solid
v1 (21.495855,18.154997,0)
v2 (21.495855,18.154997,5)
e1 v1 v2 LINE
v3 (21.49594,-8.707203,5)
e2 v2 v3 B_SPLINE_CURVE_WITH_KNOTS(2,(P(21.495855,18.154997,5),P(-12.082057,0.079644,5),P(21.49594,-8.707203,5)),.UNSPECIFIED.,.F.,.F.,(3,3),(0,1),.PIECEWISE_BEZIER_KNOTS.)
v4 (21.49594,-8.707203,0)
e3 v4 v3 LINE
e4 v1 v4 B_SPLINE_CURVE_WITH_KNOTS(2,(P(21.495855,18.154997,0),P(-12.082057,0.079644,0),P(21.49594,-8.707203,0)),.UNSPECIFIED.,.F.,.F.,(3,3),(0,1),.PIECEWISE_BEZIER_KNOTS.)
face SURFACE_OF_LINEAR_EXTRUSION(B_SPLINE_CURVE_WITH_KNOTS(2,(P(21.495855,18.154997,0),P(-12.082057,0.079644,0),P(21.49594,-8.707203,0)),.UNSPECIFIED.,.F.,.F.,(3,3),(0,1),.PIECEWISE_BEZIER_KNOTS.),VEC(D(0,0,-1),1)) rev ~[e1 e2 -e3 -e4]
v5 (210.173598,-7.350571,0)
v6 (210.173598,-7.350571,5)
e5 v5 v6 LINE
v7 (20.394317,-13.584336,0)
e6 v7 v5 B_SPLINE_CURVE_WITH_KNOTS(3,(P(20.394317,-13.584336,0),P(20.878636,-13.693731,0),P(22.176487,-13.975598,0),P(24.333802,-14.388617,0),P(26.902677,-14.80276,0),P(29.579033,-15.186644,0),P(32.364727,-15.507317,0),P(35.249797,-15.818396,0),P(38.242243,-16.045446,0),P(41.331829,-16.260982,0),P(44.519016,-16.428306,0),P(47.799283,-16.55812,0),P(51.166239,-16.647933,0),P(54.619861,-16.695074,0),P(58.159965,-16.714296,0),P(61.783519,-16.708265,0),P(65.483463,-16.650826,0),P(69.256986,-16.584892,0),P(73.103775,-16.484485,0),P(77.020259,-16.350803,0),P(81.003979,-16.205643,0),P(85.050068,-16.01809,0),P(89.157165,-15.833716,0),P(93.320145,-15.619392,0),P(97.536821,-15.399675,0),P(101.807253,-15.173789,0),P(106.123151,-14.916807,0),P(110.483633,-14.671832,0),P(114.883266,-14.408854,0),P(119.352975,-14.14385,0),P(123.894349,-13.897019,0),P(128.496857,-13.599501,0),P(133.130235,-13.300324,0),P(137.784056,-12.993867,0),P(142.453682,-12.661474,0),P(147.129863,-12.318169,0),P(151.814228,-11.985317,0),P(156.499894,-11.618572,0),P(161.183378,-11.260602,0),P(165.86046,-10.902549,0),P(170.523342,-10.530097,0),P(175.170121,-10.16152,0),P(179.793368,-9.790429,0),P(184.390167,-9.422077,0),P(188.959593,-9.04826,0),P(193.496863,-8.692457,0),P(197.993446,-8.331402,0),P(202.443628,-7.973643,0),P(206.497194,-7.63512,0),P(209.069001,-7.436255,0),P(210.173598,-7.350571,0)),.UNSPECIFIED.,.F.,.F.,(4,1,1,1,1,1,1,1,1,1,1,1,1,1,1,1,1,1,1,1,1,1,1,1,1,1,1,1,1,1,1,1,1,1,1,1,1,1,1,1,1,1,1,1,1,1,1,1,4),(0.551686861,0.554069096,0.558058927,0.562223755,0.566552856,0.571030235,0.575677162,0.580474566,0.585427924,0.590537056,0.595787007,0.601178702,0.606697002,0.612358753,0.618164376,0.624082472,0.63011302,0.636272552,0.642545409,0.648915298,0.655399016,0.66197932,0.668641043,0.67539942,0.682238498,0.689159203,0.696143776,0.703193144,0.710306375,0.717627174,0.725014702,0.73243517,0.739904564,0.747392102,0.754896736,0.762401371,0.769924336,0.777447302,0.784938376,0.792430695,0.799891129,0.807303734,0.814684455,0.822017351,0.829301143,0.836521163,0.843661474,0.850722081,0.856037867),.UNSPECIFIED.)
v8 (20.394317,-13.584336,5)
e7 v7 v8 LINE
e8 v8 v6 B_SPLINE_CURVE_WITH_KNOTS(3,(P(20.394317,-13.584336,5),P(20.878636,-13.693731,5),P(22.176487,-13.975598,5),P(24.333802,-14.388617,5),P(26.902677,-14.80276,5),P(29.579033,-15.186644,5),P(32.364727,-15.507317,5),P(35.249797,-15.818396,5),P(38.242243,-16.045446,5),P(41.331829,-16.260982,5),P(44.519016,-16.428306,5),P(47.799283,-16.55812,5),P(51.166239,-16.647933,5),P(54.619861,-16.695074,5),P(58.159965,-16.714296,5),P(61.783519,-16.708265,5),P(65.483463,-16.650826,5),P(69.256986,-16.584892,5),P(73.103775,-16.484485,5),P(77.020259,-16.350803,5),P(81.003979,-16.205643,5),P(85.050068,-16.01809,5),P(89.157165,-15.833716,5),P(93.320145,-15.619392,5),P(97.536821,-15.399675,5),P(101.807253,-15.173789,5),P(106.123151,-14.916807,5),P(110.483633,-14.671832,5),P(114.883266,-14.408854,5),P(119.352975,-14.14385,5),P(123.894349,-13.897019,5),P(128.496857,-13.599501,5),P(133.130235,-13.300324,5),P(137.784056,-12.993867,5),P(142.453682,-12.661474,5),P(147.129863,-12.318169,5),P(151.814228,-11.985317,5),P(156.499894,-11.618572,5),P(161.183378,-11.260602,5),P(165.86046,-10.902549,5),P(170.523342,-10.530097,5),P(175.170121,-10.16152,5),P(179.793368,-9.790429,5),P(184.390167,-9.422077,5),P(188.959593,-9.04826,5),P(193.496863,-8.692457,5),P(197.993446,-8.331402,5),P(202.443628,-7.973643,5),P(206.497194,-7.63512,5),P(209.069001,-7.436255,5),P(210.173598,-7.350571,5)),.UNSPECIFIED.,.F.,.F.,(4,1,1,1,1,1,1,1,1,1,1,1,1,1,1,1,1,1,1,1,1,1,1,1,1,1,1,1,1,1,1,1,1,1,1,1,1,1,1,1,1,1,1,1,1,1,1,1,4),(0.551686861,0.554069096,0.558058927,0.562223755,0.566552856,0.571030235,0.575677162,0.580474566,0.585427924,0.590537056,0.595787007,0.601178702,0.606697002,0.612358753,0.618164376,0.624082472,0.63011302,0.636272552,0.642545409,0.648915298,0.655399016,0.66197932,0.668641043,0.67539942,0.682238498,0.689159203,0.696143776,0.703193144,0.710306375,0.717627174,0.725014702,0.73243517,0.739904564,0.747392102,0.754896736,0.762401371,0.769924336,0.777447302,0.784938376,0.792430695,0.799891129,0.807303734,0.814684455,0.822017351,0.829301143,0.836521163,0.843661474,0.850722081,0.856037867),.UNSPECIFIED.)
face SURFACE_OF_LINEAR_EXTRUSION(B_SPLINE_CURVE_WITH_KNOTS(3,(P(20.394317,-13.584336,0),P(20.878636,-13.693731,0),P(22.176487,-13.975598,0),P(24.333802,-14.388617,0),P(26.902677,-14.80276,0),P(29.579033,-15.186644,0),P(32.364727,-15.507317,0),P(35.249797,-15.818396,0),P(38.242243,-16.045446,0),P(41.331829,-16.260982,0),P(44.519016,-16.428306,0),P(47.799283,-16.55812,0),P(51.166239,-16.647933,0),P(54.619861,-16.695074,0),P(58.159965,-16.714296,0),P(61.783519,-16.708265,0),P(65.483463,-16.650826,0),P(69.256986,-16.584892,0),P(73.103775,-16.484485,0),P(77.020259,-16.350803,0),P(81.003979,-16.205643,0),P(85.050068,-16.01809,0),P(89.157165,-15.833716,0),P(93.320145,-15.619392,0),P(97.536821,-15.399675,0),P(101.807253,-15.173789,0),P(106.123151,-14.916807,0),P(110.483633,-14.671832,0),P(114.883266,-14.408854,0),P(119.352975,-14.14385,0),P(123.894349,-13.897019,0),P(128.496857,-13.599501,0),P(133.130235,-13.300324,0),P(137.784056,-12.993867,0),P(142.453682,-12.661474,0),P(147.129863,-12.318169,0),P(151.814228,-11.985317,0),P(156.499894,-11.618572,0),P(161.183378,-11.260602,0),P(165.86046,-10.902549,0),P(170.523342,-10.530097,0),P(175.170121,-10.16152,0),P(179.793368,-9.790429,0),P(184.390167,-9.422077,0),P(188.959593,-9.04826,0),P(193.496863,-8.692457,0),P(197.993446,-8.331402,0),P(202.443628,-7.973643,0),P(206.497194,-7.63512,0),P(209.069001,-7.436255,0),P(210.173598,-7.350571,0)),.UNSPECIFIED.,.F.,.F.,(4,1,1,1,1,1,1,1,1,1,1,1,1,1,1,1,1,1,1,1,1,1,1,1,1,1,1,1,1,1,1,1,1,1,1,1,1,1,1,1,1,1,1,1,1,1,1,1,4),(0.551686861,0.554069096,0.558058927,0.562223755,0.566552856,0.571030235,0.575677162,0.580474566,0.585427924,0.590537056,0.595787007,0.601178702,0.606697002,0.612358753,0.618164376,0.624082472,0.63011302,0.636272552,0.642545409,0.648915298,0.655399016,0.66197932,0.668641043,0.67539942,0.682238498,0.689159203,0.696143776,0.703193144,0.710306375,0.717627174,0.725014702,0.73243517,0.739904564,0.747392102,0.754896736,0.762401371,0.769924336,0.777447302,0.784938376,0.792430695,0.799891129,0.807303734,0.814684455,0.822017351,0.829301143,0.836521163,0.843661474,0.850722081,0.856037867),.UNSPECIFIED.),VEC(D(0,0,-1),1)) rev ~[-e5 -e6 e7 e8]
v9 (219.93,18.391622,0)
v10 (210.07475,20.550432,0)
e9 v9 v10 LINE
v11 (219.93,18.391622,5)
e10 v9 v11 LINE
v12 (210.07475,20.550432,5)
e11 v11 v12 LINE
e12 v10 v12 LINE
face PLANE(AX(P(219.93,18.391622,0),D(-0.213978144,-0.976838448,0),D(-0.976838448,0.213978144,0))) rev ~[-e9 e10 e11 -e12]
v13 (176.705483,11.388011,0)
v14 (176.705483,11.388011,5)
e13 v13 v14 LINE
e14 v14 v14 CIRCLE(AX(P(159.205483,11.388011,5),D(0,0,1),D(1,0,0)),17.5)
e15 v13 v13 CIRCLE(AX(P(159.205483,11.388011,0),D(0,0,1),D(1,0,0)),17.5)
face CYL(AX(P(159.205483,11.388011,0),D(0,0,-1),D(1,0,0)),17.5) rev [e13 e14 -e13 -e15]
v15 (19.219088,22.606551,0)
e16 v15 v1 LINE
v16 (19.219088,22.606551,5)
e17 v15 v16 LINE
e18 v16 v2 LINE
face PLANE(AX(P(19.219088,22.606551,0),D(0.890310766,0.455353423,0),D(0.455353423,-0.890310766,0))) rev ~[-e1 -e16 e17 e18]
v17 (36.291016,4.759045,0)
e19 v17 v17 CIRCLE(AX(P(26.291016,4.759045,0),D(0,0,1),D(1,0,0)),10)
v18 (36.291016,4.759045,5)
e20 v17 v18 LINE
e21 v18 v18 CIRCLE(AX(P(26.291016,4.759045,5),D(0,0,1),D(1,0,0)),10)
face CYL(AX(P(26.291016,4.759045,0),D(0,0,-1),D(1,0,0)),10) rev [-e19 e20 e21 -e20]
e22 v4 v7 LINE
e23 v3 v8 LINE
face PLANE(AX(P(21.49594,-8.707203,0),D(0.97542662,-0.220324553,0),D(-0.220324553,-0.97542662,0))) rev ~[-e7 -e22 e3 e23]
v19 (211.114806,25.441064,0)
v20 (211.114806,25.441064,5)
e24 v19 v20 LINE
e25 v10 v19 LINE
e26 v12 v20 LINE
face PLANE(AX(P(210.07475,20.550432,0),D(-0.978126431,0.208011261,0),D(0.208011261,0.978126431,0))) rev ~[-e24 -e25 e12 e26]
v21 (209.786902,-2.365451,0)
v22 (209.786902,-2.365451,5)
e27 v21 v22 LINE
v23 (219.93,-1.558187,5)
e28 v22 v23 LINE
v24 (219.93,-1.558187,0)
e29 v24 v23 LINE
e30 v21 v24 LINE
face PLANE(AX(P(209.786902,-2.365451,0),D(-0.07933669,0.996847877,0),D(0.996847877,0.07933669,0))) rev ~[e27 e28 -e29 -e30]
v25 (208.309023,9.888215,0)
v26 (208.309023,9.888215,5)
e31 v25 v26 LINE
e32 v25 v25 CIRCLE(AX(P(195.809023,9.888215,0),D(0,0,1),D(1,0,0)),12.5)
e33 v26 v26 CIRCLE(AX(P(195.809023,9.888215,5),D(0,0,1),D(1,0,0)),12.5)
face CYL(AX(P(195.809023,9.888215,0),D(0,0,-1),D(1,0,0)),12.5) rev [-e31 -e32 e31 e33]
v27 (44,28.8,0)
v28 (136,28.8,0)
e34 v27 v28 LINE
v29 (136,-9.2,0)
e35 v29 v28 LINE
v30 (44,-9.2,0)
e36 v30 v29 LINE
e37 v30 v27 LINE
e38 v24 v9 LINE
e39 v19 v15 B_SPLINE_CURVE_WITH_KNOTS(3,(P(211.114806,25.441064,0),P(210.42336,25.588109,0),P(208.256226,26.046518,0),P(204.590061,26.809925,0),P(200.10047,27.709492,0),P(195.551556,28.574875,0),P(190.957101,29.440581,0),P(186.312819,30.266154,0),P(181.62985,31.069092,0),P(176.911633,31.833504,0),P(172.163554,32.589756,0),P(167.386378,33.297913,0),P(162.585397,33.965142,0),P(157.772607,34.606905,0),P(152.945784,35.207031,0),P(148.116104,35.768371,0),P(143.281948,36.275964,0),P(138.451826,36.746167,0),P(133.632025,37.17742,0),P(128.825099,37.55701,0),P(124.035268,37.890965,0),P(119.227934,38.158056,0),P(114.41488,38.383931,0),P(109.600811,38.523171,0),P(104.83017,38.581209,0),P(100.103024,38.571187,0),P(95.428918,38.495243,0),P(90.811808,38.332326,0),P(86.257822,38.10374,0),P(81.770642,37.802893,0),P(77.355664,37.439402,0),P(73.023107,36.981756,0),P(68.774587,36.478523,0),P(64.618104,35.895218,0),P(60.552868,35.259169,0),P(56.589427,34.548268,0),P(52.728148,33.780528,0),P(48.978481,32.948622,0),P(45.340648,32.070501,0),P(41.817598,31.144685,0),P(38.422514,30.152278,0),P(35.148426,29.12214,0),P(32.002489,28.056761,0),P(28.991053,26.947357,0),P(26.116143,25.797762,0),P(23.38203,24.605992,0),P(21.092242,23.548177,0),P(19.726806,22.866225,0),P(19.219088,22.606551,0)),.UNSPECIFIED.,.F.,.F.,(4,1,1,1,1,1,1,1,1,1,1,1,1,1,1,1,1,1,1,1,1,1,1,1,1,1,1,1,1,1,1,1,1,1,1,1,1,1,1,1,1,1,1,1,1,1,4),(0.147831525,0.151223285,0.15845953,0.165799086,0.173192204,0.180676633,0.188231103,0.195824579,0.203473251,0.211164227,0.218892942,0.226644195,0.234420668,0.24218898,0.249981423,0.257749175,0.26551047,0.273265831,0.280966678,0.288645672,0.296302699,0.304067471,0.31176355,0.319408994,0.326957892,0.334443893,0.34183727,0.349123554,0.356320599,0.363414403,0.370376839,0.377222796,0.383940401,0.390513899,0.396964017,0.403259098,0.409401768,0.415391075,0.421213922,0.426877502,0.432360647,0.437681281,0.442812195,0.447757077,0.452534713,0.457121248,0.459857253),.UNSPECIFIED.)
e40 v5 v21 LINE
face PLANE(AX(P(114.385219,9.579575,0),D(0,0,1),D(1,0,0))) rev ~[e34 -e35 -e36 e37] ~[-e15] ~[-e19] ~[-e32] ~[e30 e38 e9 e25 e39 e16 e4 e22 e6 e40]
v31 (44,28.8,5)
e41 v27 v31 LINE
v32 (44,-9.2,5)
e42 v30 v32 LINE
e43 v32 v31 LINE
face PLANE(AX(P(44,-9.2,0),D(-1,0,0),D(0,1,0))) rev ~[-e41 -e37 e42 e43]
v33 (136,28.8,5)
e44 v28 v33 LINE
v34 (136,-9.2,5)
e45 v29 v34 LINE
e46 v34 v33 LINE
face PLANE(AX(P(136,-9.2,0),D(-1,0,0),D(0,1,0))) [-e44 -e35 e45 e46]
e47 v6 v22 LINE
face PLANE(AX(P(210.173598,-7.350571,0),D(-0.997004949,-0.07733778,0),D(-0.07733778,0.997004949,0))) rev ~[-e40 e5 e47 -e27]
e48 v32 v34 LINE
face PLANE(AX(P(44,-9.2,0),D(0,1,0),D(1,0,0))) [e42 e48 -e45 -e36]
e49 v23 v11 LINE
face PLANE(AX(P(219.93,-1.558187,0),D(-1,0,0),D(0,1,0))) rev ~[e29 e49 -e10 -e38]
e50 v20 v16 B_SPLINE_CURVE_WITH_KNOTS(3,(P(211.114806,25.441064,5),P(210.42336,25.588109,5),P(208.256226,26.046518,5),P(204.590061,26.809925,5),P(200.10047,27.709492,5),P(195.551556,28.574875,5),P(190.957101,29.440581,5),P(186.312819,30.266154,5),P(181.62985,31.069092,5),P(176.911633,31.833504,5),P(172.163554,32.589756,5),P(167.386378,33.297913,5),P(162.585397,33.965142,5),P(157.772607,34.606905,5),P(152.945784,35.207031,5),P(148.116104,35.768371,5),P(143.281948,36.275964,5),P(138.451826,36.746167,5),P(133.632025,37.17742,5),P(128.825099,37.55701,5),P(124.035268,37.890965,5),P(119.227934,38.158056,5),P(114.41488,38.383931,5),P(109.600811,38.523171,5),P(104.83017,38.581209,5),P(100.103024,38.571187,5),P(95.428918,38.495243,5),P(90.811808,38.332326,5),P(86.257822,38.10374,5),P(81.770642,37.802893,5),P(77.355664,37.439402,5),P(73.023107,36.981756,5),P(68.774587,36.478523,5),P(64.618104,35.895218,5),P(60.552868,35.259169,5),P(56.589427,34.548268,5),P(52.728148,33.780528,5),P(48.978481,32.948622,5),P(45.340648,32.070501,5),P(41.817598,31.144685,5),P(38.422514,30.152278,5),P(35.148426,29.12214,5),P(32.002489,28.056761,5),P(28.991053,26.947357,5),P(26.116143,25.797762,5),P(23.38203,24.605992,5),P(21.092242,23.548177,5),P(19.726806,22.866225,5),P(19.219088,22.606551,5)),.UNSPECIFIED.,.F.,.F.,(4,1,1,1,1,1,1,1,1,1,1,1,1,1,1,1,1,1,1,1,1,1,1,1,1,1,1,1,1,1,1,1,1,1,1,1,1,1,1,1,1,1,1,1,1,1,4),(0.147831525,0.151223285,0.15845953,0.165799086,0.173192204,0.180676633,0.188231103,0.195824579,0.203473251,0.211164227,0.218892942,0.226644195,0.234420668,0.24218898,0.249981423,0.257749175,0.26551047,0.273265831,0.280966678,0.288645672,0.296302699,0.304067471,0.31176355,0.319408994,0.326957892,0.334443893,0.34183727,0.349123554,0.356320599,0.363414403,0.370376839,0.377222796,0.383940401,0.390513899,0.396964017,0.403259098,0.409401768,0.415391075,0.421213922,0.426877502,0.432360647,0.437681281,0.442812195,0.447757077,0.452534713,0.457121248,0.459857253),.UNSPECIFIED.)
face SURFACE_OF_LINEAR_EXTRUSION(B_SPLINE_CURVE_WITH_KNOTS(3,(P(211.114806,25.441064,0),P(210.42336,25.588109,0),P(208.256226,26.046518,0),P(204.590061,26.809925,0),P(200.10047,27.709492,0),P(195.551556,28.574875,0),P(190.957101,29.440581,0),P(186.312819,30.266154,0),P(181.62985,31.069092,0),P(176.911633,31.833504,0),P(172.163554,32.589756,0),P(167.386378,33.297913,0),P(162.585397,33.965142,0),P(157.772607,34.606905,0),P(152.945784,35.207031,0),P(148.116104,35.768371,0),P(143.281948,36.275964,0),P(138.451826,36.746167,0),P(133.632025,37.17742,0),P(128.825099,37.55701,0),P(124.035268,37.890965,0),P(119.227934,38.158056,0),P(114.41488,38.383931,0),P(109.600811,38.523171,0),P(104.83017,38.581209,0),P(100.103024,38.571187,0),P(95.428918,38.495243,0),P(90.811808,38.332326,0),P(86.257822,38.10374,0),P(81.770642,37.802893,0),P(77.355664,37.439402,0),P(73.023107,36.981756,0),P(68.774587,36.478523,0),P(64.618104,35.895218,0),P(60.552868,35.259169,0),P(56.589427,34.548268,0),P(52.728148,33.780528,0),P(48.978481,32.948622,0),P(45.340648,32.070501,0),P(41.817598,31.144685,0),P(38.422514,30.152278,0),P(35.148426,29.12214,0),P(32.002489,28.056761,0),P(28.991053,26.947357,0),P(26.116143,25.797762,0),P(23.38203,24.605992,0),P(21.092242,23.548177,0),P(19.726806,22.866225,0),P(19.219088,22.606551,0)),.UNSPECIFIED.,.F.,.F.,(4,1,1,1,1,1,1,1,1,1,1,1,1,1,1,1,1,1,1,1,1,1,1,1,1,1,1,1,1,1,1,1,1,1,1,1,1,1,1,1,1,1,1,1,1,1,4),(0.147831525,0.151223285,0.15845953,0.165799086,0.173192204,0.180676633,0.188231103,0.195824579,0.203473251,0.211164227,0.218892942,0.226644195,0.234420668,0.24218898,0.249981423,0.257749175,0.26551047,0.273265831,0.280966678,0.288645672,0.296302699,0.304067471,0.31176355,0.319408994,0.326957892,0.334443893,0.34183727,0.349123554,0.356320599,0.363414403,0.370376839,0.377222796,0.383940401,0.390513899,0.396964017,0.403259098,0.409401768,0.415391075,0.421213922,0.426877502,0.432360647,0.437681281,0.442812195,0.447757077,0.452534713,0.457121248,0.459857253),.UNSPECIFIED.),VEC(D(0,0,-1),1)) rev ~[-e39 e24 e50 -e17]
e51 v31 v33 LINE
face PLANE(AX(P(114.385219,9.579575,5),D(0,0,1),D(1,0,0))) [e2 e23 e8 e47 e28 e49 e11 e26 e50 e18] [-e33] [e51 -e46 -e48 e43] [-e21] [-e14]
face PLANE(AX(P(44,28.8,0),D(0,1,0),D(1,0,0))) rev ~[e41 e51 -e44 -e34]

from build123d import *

# Parameters (mm, degrees)
MASTER_SKETCH_WING_GEOMETRY_MASTER_SKETC_R   = 10
MASTER_SKETCH_WING_GEOMETRY_MASTER_SKETC_W   = 92
MASTER_SKETCH_WING_GEOMETRY_MASTER_SKETC_H   = 38
MASTER_SKETCH_WING_GEOMETRY_MASTER_SKETC_R_2 = 12.5
MASTER_SKETCH_WING_GEOMETRY_MASTER_SKETC_R_3 = 17.5
BOSS_EXTRUDE2_DEPTH                          = 5


with BuildPart() as part:
    # Master sketch-Wing Geometry Master Sketc → Boss-Extrude2 (new body)
    with BuildSketch(Plane.XY):
        with BuildLine():
            Line((210.07475011, 20.55043194), (211.114806417, 25.441064095))
            add(Edge.make_bspline(
                [(211.114806417, 25.441064095), (210.423359837, 25.588109171), (208.256226378, 26.046518307), (204.590060504, 26.80992466), (200.100470305, 27.709491549), (195.551555784, 28.574874953), (190.957101153, 29.440580512), (186.312819207, 30.266153712), (181.629850434, 31.069092462), (176.911633472, 31.833504414), (172.163553808, 32.589756341), (167.386378314, 33.297913229), (162.585397476, 33.965141895), (157.772606773, 34.60690524), (152.945783838, 35.207030951), (148.116103717, 35.768371218), (143.281947921, 36.275964114), (138.451826021, 36.746166863), (133.632024585, 37.177420244), (128.825099136, 37.557009572), (124.035268277, 37.890964919), (119.227934324, 38.158056396), (114.414879536, 38.383930966), (109.600810746, 38.523171189), (104.830170116, 38.581209103), (100.103024464, 38.571187104), (95.428917776, 38.495242632), (90.811807971, 38.332326352), (86.257821528, 38.103740215), (81.770642032, 37.802892678), (77.355663903, 37.439401702), (73.023107372, 36.981755849), (68.77458737, 36.478522782), (64.618104025, 35.895217538), (60.552867783, 35.25916861), (56.589427231, 34.548268384), (52.728147609, 33.780528228), (48.978480985, 32.948622201), (45.340648206, 32.070500948), (41.817597831, 31.144685204), (38.422513869, 30.152277869), (35.148426276, 29.122139824), (32.002488884, 28.056760571), (28.991053216, 26.94735735), (26.116143259, 25.797761949), (23.382030001, 24.605992477), (21.092241599, 23.54817715), (19.726805869, 22.866225277), (19.219088354, 22.606550883)],
                knots=[0.147831525, 0.147831525, 0.147831525, 0.147831525, 0.151223285, 0.15845953, 0.165799086, 0.173192204, 0.180676633, 0.188231103, 0.195824579, 0.203473251, 0.211164227, 0.218892942, 0.226644195, 0.234420668, 0.24218898, 0.249981423, 0.257749175, 0.26551047, 0.273265831, 0.280966678, 0.288645672, 0.296302699, 0.304067471, 0.31176355, 0.319408994, 0.326957892, 0.334443893, 0.34183727, 0.349123554, 0.356320599, 0.363414403, 0.370376839, 0.377222796, 0.383940401, 0.390513899, 0.396964017, 0.403259098, 0.409401768, 0.415391075, 0.421213922, 0.426877502, 0.432360647, 0.437681281, 0.442812195, 0.447757077, 0.452534713, 0.457121248, 0.459857253, 0.459857253, 0.459857253, 0.459857253], degree=3))
            Line((19.219088354, 22.606550883), (21.49585547, 18.154997053))
            add(Edge.make_bspline(
                [(21.49585547, 18.154997053), (-12.082056869, 0.079644189), (21.495939944, -8.707202746)],
                knots=[0, 0, 0, 1, 1, 1], degree=2))
            Line((21.495939944, -8.707202746), (20.394317181, -13.584335848))
            add(Edge.make_bspline(
                [(20.394317181, -13.584335848), (20.878636368, -13.693731476), (22.176487001, -13.975597653), (24.333802223, -14.388616706), (26.902677481, -14.802759919), (29.579032983, -15.186644107), (32.364727066, -15.507317142), (35.24979682, -15.818395551), (38.24224316, -16.045446189), (41.331828524, -16.260981777), (44.519015875, -16.42830612), (47.799283263, -16.558119697), (51.16623897, -16.647932894), (54.61986093, -16.695073811), (58.159965351, -16.714295991), (61.783518843, -16.708264717), (65.483463359, -16.650825987), (69.256985649, -16.584892049), (73.10377458, -16.484484885), (77.020259272, -16.35080262), (81.003979497, -16.205643438), (85.050068364, -16.018089633), (89.157165379, -15.833715938), (93.320145134, -15.619391907), (97.536821023, -15.399674924), (101.807253217, -15.173788761), (106.123150678, -14.916806976), (110.483633277, -14.67183184), (114.883266318, -14.40885373), (119.352975093, -14.1438502), (123.894349232, -13.897019305), (128.496857287, -13.599501008), (133.130234778, -13.300324022), (137.784055517, -12.993867357), (142.453682427, -12.661474057), (147.129863453, -12.318169381), (151.814228379, -11.985316734), (156.499893797, -11.618572445), (161.183377828, -11.260601924), (165.86046019, -10.90254886), (170.523341726, -10.530097392), (175.17012114, -10.161520293), (179.793367843, -9.790428778), (184.3901672, -9.422077018), (188.959593481, -9.048259618), (193.49686261, -8.692457096), (197.993446272, -8.331402015), (202.443627904, -7.973643055), (206.497194094, -7.635119669), (209.069001496, -7.436255041), (210.173597999, -7.350571372)],
                knots=[0.551686861, 0.551686861, 0.551686861, 0.551686861, 0.554069096, 0.558058927, 0.562223755, 0.566552856, 0.571030235, 0.575677162, 0.580474566, 0.585427924, 0.590537056, 0.595787007, 0.601178702, 0.606697002, 0.612358753, 0.618164376, 0.624082472, 0.63011302, 0.636272552, 0.642545409, 0.648915298, 0.655399016, 0.66197932, 0.668641043, 0.67539942, 0.682238498, 0.689159203, 0.696143776, 0.703193144, 0.710306375, 0.717627174, 0.725014702, 0.73243517, 0.739904564, 0.747392102, 0.754896736, 0.762401371, 0.769924336, 0.777447302, 0.784938376, 0.792430695, 0.799891129, 0.807303734, 0.814684455, 0.822017351, 0.829301143, 0.836521163, 0.843661474, 0.850722081, 0.856037867, 0.856037867, 0.856037867, 0.856037867], degree=3))
            Line((210.173597999, -7.350571372), (209.78690169, -2.365451127))
            Line((209.78690169, -2.365451127), (219.93, -1.558186688))
            Line((219.93, -1.558186688), (219.93, 18.391622486))
            Line((219.93, 18.391622486), (210.07475011, 20.55043194))
        make_face()
        with Locations((26.291015868, 4.759044754)):
            Circle(MASTER_SKETCH_WING_GEOMETRY_MASTER_SKETC_R, mode=Mode.SUBTRACT)
        with Locations((90.000000001, 9.799999997)):
            Rectangle(MASTER_SKETCH_WING_GEOMETRY_MASTER_SKETC_W, MASTER_SKETCH_WING_GEOMETRY_MASTER_SKETC_H, mode=Mode.SUBTRACT)
        with Locations((195.809022747, 9.888215346)):
            Circle(MASTER_SKETCH_WING_GEOMETRY_MASTER_SKETC_R_2, mode=Mode.SUBTRACT)
        with Locations((159.205482831, 11.38801065)):
            Circle(MASTER_SKETCH_WING_GEOMETRY_MASTER_SKETC_R_3, mode=Mode.SUBTRACT)
    extrude(amount=BOSS_EXTRUDE2_DEPTH)


solid = part.part
